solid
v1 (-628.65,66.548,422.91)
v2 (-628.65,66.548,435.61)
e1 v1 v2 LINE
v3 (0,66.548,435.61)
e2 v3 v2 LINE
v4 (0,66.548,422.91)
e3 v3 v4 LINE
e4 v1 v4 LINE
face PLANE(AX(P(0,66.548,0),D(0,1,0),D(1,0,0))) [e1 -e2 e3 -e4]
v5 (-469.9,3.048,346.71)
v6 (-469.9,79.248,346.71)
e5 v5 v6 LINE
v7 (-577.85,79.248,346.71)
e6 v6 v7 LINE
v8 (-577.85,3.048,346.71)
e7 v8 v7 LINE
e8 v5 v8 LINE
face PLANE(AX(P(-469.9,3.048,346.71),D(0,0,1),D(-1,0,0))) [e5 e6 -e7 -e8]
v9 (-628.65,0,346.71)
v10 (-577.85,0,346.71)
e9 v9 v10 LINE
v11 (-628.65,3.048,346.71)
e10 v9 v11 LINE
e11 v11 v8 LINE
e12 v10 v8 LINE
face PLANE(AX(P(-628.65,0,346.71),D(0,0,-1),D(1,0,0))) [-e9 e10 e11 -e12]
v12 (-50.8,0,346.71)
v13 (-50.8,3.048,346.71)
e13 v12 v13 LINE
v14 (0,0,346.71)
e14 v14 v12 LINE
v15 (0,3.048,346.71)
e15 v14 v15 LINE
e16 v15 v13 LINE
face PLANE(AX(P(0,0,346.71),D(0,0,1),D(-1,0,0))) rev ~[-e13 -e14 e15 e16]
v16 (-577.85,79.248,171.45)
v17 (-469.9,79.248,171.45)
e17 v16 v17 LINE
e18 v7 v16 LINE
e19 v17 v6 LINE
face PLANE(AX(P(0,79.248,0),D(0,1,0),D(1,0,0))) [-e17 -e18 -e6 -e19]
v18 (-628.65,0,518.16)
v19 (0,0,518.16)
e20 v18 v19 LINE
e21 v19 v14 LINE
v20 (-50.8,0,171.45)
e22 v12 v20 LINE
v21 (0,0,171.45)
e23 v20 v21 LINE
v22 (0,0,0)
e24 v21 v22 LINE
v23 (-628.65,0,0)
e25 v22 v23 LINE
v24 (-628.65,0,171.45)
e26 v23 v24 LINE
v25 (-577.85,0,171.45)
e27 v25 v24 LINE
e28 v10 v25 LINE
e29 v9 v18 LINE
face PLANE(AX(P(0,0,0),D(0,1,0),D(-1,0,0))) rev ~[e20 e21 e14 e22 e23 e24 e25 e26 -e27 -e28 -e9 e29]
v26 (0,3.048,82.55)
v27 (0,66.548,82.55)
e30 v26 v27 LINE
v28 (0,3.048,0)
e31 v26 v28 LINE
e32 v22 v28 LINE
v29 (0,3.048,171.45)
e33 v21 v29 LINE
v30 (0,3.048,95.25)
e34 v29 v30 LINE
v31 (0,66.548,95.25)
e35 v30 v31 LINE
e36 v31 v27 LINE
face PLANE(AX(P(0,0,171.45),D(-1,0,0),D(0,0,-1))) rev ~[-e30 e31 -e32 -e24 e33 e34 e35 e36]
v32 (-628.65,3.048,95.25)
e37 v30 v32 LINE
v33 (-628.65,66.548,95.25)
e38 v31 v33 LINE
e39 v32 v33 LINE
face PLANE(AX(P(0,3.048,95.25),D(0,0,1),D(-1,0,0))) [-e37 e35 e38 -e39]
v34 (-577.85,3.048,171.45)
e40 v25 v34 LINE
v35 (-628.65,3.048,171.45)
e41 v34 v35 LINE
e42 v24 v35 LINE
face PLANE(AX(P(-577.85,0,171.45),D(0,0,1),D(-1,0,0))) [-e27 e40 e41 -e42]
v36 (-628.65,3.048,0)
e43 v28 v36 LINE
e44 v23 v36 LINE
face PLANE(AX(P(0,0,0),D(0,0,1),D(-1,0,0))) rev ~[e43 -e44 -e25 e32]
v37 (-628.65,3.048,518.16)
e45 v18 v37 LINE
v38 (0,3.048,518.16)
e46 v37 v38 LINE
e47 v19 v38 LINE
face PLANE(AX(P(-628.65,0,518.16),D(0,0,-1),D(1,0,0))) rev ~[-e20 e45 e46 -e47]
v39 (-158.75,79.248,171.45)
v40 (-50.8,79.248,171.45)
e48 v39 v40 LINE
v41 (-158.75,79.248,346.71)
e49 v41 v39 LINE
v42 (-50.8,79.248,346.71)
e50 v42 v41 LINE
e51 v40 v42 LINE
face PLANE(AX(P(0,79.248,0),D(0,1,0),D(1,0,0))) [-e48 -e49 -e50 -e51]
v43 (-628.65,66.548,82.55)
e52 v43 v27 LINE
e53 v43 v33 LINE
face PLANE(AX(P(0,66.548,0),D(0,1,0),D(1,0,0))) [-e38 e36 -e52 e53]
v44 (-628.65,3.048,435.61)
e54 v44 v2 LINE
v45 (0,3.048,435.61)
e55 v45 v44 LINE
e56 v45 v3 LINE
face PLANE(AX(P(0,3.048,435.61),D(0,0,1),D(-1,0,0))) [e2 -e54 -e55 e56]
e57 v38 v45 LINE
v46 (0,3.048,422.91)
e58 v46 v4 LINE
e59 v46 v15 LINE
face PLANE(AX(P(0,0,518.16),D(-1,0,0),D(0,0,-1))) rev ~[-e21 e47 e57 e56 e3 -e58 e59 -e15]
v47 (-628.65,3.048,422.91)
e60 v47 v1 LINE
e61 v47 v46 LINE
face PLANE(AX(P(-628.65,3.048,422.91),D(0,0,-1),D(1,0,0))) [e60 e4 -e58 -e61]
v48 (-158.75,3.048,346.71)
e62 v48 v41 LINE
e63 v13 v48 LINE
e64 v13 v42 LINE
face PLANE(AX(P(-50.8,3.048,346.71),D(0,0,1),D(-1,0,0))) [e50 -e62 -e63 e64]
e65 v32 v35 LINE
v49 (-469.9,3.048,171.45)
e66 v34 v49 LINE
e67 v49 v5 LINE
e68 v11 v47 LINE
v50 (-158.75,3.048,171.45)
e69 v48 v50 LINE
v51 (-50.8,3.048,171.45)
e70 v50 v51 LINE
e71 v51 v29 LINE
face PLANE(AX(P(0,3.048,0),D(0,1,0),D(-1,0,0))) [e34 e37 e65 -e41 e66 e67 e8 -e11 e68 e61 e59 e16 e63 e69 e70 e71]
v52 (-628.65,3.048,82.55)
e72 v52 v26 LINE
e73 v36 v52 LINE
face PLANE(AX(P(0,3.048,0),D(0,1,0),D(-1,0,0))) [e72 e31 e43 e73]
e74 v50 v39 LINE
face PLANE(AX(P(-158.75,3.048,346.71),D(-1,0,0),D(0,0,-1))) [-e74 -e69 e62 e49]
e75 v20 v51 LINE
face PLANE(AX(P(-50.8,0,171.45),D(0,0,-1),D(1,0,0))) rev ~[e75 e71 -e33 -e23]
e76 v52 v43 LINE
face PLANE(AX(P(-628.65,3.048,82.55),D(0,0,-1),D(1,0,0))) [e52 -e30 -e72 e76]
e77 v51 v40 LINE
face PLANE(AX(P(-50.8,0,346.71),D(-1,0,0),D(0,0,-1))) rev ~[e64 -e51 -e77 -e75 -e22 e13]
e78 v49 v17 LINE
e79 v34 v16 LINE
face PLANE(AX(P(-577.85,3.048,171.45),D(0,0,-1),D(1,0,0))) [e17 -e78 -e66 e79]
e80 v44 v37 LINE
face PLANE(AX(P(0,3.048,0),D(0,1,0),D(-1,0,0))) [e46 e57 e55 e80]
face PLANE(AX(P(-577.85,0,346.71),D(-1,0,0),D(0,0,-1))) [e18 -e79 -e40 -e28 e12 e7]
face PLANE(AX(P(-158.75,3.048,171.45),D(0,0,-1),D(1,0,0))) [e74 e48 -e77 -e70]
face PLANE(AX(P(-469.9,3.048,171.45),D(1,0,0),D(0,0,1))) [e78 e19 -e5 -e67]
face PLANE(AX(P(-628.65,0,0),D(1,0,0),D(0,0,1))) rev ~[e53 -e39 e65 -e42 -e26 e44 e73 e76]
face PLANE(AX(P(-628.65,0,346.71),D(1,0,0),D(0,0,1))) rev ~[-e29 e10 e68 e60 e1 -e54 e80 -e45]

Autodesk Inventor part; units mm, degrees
ref_plane "YZ Plane" through (0, 0, 0) normal (1, 0, 0) x (0, 1, 0)
ref_plane "XZ Plane" through (0, 0, 0) normal (0, 1, 0) x (-1, 0, 0)
ref_plane "XY Plane" through (0, 0, 0) normal (0, 0, 1) x (1, 0, 0)
sketch "Sketch1" plane through (0, 0, 0) normal (0, 1, 0) x (-1, 0, 0)
  line L0 (0, 0) -> (628.65, 0)
  line L1 (628.65, 0) -> (628.65, 518.16)
  line L2 (628.65, 518.16) -> (0, 518.16)
  line L3 (0, 518.16) -> (0, 0)
  line L4 (0, 346.71) -> (50.8, 346.71)
  line L5 (50.8, 346.71) -> (50.8, 171.45)
  line L6 (50.8, 171.45) -> (0, 171.45)
  line L7 (0, 171.45) -> (0, 346.71)
  line L8 (628.65, 346.71) -> (577.85, 346.71)
  line L9 (577.85, 346.71) -> (577.85, 171.45)
  line L10 (577.85, 171.45) -> (628.65, 171.45)
  line L11 (628.65, 171.45) -> (628.65, 346.71)
  dimension "d0" = 628.65
  dimension "d1" = 518.16
  dimension "d2" = 50.8
  dimension "d3" = 50.8
  dimension "d4" = 171.45
  dimension "d5" = 171.45
  dimension "d6" = 171.45
  dimension "d7" = 171.45
extrude "Extrusion1" add sketch "Sketch1" along normal blind 3.048 contours L3 L6 L5 L4 L2 L1 L8 L9 L10 L0
sketch "Sketch2" plane through (0, 3.048, 0) normal (0, 1, 0) x (1, 0, 0)
  line L0 (-577.85, -171.45) -> (-469.9, -171.45)
  line L1 (-469.9, -171.45) -> (-469.9, -346.71)
  line L2 (-469.9, -346.71) -> (-577.85, -346.71)
  line L3 (-577.85, -346.71) -> (-577.85, -171.45)
  line L4 (-50.8, -346.71) -> (-158.75, -346.71)
  line L5 (-158.75, -346.71) -> (-158.75, -171.45)
  line L6 (-158.75, -171.45) -> (-50.8, -171.45)
  line L7 (-50.8, -171.45) -> (-50.8, -346.71)
  dimension "d10" = 107.95
  dimension "d11" = 107.95
extrude "Extrusion3" add sketch "Sketch2" along normal blind 76.2
sketch "Sketch3" plane through (0, 3.048, 0) normal (0, 1, 0) x (1, 0, 0)
  line L0 (-628.65, -346.71) -> (-628.65, -518.16) projected
  line L1 (0, -518.16) -> (0, -346.71) projected
  line L2 (-50.8, -346.71) -> (-158.75, -346.71) projected
  line L3 (0, -171.45) -> (0, 0) projected
  line L4 (-628.65, 0) -> (-628.65, -171.45) projected
  line L5 (-577.85, -171.45) -> (-469.9, -171.45) projected
  line L6 (-628.65, -422.91) -> (0, -422.91)
  line L7 (0, -422.91) -> (0, -435.61)
  line L8 (0, -435.61) -> (-628.65, -435.61)
  line L9 (-628.65, -435.61) -> (-628.65, -422.91)
  line L10 (-628.65, -82.55) -> (0, -82.55)
  line L11 (0, -82.55) -> (0, -95.25)
  line L12 (0, -95.25) -> (-628.65, -95.25)
  line L13 (-628.65, -95.25) -> (-628.65, -82.55)
  dimension "d16" = 12.7
  dimension "d17" = 12.7
  dimension "d18" = 76.2
  dimension "d19" = 76.2
extrude "Extrusion4" add sketch "Sketch3" along normal blind 63.5
equation "\"d3\" = d2"
equation "\"d5\" = d4"
equation "\"d6\" = d4"
equation "\"d7\" = d4"
properties part number "eboard"
